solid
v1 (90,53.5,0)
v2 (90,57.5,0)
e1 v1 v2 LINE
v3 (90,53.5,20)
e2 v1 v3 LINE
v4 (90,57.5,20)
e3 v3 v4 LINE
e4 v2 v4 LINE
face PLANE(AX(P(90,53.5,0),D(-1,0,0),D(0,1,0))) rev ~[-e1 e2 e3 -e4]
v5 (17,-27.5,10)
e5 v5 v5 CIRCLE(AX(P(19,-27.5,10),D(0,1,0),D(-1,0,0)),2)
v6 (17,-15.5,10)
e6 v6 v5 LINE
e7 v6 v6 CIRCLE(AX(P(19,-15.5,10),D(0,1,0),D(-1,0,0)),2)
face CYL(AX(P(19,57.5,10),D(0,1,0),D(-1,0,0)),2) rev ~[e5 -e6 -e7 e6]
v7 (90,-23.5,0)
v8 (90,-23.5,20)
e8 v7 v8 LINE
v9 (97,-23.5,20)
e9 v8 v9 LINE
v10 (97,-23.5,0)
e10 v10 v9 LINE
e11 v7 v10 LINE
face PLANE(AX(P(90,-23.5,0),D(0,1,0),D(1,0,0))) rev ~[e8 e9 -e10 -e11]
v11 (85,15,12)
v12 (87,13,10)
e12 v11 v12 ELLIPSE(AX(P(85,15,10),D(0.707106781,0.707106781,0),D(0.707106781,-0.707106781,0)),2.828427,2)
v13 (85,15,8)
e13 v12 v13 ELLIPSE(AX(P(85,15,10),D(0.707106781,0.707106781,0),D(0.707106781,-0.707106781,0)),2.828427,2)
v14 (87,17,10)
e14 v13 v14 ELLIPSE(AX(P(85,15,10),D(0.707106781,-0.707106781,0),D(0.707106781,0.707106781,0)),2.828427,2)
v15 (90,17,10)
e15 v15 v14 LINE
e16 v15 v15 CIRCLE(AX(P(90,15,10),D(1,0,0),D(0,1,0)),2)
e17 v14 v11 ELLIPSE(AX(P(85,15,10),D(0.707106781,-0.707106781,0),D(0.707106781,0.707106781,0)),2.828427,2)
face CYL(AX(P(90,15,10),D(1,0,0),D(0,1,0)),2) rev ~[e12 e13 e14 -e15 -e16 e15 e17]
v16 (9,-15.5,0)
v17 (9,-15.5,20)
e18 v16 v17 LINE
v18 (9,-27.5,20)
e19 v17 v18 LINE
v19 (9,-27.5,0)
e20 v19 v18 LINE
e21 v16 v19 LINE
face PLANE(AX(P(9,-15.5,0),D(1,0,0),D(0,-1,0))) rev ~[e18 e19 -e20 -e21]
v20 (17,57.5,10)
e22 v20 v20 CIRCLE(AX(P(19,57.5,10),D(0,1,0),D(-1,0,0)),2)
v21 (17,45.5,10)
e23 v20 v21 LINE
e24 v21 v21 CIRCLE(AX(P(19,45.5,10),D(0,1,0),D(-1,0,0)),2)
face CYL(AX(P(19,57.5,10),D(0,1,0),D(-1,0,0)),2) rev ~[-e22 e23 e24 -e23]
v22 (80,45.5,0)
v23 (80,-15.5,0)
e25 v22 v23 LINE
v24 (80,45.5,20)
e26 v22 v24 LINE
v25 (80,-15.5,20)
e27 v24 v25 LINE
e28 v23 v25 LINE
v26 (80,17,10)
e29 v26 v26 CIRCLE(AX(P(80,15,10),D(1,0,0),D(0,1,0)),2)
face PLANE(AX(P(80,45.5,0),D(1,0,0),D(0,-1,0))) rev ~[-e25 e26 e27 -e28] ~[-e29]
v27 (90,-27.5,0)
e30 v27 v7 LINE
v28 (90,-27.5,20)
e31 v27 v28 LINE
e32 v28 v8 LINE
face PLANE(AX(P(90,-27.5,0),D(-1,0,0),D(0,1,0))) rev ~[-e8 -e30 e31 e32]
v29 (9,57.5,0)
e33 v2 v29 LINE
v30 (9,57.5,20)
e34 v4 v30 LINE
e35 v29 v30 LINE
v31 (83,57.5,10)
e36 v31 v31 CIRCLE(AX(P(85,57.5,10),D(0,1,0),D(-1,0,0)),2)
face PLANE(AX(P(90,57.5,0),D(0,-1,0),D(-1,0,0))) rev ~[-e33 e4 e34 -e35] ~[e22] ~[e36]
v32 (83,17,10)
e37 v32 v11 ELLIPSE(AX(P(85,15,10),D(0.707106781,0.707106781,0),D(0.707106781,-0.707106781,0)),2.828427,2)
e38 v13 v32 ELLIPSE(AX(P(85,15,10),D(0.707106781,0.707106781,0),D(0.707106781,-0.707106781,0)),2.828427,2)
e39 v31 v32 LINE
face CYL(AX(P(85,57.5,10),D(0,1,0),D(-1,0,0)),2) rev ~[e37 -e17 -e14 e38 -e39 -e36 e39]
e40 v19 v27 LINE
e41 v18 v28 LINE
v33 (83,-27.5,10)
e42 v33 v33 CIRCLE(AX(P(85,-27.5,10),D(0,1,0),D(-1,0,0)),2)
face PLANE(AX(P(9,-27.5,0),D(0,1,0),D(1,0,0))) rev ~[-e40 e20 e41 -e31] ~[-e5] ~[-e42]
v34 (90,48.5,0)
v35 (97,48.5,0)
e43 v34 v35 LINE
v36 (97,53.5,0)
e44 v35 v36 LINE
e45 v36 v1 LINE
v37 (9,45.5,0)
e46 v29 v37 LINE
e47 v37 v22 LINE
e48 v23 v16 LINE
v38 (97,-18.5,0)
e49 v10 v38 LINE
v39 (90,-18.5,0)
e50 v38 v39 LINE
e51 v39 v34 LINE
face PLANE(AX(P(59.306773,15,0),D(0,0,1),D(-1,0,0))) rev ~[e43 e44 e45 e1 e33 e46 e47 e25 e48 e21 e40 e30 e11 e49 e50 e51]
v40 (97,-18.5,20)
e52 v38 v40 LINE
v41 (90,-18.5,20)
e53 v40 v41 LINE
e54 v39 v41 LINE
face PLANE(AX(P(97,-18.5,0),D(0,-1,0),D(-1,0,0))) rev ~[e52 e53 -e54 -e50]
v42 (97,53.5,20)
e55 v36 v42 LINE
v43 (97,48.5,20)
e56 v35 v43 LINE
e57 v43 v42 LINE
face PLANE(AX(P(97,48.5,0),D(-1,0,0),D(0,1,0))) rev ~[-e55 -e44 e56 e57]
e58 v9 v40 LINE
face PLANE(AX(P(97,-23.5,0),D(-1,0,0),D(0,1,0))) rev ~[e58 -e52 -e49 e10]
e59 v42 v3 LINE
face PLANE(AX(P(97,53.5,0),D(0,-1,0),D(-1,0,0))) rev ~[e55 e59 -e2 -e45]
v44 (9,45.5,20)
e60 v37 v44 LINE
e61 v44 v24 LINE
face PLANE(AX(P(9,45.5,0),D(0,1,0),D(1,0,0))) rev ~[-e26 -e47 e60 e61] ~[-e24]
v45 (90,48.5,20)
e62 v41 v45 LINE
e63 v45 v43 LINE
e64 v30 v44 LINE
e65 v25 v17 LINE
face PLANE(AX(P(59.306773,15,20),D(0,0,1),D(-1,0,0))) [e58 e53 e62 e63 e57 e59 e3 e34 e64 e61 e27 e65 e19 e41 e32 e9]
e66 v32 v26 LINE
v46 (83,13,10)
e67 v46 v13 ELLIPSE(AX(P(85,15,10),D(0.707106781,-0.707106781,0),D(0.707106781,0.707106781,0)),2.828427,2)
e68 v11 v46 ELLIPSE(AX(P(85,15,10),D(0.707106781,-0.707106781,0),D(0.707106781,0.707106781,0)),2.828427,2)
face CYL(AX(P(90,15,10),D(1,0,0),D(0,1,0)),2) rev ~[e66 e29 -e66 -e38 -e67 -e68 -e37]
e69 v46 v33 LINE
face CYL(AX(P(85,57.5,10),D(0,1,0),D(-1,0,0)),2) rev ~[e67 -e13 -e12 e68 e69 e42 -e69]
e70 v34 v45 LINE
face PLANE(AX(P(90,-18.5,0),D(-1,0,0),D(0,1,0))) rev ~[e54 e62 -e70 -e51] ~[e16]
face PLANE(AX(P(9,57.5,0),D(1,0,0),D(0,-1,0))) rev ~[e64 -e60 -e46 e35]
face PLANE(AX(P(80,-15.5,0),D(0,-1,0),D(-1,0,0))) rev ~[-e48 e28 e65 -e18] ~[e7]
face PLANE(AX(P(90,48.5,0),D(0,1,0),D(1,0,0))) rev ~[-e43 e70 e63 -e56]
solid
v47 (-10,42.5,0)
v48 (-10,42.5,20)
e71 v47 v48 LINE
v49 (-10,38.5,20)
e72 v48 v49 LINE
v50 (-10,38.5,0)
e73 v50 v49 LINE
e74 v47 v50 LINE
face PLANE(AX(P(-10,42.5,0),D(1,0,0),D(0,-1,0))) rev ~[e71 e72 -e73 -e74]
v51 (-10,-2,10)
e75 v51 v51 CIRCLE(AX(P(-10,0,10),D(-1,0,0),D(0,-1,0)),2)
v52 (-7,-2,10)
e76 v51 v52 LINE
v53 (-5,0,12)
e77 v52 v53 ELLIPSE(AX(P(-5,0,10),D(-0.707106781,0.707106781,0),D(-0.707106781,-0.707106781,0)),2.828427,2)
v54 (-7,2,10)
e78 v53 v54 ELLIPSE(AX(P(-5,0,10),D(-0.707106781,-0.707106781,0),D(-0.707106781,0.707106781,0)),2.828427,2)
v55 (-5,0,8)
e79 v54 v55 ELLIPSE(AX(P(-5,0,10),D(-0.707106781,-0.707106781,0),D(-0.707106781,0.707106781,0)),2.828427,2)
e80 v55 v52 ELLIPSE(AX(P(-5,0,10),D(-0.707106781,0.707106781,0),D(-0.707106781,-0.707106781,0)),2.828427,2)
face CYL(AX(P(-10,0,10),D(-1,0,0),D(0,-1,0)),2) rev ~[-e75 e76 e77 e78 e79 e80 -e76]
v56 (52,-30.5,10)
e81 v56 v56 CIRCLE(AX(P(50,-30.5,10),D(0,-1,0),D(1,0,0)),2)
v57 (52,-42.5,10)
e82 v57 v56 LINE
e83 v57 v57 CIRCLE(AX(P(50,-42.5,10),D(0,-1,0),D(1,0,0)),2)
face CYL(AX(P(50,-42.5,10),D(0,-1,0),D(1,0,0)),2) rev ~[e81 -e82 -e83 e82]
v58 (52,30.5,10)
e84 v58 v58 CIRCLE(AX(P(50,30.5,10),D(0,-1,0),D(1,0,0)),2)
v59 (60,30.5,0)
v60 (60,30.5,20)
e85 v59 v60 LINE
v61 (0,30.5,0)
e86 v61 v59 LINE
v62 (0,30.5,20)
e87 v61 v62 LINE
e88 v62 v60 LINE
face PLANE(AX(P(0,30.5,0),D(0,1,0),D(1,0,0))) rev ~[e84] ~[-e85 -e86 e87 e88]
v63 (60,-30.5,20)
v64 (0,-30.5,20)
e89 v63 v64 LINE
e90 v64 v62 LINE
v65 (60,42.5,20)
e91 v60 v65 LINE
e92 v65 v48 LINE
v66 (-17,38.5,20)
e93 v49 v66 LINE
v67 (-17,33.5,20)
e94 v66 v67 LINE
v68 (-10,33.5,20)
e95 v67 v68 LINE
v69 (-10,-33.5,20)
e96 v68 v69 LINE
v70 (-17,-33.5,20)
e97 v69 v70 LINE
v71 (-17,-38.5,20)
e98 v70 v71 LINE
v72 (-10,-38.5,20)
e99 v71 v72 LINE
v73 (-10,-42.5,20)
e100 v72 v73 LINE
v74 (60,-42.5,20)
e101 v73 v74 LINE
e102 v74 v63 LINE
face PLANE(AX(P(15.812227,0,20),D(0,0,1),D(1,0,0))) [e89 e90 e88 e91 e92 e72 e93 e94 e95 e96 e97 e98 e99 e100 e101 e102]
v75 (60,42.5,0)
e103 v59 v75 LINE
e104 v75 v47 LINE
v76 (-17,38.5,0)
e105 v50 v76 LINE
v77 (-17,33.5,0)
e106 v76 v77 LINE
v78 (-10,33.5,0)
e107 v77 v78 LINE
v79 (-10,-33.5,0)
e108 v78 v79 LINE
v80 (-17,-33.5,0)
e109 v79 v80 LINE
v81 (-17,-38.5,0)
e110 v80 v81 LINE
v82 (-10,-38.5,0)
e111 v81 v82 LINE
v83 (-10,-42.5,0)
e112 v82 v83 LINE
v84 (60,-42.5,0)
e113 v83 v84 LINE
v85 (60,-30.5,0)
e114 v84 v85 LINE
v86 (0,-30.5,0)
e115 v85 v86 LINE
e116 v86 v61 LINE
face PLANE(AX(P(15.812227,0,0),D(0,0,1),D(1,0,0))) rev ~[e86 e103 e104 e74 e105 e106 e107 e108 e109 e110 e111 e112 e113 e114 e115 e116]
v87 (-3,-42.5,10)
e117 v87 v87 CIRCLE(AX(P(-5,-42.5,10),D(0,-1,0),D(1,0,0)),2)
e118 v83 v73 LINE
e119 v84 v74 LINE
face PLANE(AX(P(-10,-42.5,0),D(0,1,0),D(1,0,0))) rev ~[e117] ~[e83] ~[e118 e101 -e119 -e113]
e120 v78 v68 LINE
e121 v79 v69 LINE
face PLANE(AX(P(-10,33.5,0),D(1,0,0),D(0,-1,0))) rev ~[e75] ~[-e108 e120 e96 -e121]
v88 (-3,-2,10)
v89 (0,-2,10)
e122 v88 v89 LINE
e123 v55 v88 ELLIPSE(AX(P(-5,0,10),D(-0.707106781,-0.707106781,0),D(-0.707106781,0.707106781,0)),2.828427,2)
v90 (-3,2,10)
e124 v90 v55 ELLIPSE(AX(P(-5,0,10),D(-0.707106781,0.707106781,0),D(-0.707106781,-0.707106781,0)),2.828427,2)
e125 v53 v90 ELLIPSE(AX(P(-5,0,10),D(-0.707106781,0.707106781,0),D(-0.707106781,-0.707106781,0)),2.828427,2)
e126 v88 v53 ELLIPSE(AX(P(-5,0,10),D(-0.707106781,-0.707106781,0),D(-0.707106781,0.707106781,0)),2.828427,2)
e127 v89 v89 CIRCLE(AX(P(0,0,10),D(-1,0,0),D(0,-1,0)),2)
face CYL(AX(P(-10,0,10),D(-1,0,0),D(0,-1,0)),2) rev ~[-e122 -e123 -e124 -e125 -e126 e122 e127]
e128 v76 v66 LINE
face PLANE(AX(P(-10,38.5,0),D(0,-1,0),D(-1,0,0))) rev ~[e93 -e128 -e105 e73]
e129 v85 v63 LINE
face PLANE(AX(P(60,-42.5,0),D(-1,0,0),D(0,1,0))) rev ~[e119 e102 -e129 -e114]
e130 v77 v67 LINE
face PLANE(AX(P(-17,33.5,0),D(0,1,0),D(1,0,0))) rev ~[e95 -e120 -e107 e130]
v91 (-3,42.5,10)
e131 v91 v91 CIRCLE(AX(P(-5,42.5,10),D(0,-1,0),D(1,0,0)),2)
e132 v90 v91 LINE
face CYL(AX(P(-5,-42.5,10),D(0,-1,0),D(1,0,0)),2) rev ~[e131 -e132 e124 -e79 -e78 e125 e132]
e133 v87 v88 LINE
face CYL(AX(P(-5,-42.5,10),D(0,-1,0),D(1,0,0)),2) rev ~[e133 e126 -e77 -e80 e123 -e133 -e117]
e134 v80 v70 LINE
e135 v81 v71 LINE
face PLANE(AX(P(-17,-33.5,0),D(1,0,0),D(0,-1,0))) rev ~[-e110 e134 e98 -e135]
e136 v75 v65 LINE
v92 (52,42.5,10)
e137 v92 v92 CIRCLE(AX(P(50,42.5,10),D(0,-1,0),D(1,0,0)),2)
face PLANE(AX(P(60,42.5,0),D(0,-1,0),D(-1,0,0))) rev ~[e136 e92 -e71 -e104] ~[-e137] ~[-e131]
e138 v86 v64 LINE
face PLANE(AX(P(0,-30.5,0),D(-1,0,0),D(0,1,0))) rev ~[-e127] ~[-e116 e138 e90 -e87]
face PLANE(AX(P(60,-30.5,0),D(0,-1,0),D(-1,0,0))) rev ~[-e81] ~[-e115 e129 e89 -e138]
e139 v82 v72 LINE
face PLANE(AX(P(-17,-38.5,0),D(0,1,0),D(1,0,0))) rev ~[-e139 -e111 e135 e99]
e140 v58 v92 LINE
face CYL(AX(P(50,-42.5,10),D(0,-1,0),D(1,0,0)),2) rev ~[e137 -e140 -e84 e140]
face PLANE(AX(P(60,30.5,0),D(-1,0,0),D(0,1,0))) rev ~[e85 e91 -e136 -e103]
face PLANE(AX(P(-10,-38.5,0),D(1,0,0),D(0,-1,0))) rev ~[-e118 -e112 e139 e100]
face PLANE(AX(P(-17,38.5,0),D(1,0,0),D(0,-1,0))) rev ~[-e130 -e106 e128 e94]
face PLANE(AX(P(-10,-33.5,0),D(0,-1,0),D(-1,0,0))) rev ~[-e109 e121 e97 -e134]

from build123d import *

# Parameters (mm, degrees)
PAD_DEPTH       = 20
SKETCH004_R     = 2
POCKET002_DEPTH = 70.001
SKETCH005_R     = 2
POCKET003_DEPTH = 85.001
PAD001_DEPTH    = 20
SKETCH007_R     = 2
POCKET004_DEPTH = 81.001
SKETCH008_R     = 2
POCKET005_DEPTH = 85.001


with BuildPart() as soporte_agujero_superior_lateral:
    # Sketch → Pad (new body)
    with BuildSketch(Plane.XY):
        Polygon((-10, -42.5), (60, -42.5), (60, -30.5), (0, -30.5), (0, 30.5), (60, 30.5), (60, 42.5), (-10, 42.5), (-10, 38.5), (-17, 38.5), (-17, 33.5), (-10, 33.5), (-10, -33.5), (-17, -33.5), (-17, -38.5), (-10, -38.5), align=None)
    extrude(amount=PAD_DEPTH)

    # Sketch004 → Pocket002 (cut, through all)
    with BuildSketch(Plane(origin=(-10, 0, 0), x_dir=(0, -1, 0), z_dir=(-1, 0, 0))):
        with Locations((0, 10)):
            Circle(SKETCH004_R)
    extrude(amount=-POCKET002_DEPTH, mode=Mode.SUBTRACT)

    # Sketch005 → Pocket003 (cut, through all)
    with BuildSketch(Plane.XZ.offset(42.5)):
        with Locations((-5, 10)):
            Circle(SKETCH005_R)
        with Locations((50, 10)):
            Circle(SKETCH005_R)
    extrude(amount=-POCKET003_DEPTH, mode=Mode.SUBTRACT)


with BuildPart() as soporte_agujero_superior_lateral001:
    # Sketch006 → Pad001 (new body)
    with BuildSketch(Plane(origin=(80, 15, 0), x_dir=(-1, 0, 0), z_dir=(0, 0, 1))):
        Polygon((-10, -42.5), (71, -42.5), (71, -30.5), (0, -30.5), (0, 30.5), (71, 30.5), (71, 42.5), (-10, 42.5), (-10, 38.5), (-17, 38.5), (-17, 33.5), (-10, 33.5), (-10, -33.5), (-17, -33.5), (-17, -38.5), (-10, -38.5), align=None)
    extrude(amount=PAD001_DEPTH)

    # Sketch007 → Pocket004 (cut, through all)
    with BuildSketch(Plane(origin=(90, 15, 0), x_dir=(0, 1, 0), z_dir=(1, 0, 0))):
        with Locations((0, 10)):
            Circle(SKETCH007_R)
    extrude(amount=-POCKET004_DEPTH, mode=Mode.SUBTRACT)

    # Sketch008 → Pocket005 (cut, through all)
    with BuildSketch(Plane(origin=(80, 57.5, 0), x_dir=(-1, 0, 0), z_dir=(0, 1, 0))):
        with Locations((-5, 10)):
            Circle(SKETCH008_R)
        with Locations((61, 10)):
            Circle(SKETCH008_R)
    extrude(amount=-POCKET005_DEPTH, mode=Mode.SUBTRACT)


solid = Compound([soporte_agujero_superior_lateral.part, soporte_agujero_superior_lateral001.part])
